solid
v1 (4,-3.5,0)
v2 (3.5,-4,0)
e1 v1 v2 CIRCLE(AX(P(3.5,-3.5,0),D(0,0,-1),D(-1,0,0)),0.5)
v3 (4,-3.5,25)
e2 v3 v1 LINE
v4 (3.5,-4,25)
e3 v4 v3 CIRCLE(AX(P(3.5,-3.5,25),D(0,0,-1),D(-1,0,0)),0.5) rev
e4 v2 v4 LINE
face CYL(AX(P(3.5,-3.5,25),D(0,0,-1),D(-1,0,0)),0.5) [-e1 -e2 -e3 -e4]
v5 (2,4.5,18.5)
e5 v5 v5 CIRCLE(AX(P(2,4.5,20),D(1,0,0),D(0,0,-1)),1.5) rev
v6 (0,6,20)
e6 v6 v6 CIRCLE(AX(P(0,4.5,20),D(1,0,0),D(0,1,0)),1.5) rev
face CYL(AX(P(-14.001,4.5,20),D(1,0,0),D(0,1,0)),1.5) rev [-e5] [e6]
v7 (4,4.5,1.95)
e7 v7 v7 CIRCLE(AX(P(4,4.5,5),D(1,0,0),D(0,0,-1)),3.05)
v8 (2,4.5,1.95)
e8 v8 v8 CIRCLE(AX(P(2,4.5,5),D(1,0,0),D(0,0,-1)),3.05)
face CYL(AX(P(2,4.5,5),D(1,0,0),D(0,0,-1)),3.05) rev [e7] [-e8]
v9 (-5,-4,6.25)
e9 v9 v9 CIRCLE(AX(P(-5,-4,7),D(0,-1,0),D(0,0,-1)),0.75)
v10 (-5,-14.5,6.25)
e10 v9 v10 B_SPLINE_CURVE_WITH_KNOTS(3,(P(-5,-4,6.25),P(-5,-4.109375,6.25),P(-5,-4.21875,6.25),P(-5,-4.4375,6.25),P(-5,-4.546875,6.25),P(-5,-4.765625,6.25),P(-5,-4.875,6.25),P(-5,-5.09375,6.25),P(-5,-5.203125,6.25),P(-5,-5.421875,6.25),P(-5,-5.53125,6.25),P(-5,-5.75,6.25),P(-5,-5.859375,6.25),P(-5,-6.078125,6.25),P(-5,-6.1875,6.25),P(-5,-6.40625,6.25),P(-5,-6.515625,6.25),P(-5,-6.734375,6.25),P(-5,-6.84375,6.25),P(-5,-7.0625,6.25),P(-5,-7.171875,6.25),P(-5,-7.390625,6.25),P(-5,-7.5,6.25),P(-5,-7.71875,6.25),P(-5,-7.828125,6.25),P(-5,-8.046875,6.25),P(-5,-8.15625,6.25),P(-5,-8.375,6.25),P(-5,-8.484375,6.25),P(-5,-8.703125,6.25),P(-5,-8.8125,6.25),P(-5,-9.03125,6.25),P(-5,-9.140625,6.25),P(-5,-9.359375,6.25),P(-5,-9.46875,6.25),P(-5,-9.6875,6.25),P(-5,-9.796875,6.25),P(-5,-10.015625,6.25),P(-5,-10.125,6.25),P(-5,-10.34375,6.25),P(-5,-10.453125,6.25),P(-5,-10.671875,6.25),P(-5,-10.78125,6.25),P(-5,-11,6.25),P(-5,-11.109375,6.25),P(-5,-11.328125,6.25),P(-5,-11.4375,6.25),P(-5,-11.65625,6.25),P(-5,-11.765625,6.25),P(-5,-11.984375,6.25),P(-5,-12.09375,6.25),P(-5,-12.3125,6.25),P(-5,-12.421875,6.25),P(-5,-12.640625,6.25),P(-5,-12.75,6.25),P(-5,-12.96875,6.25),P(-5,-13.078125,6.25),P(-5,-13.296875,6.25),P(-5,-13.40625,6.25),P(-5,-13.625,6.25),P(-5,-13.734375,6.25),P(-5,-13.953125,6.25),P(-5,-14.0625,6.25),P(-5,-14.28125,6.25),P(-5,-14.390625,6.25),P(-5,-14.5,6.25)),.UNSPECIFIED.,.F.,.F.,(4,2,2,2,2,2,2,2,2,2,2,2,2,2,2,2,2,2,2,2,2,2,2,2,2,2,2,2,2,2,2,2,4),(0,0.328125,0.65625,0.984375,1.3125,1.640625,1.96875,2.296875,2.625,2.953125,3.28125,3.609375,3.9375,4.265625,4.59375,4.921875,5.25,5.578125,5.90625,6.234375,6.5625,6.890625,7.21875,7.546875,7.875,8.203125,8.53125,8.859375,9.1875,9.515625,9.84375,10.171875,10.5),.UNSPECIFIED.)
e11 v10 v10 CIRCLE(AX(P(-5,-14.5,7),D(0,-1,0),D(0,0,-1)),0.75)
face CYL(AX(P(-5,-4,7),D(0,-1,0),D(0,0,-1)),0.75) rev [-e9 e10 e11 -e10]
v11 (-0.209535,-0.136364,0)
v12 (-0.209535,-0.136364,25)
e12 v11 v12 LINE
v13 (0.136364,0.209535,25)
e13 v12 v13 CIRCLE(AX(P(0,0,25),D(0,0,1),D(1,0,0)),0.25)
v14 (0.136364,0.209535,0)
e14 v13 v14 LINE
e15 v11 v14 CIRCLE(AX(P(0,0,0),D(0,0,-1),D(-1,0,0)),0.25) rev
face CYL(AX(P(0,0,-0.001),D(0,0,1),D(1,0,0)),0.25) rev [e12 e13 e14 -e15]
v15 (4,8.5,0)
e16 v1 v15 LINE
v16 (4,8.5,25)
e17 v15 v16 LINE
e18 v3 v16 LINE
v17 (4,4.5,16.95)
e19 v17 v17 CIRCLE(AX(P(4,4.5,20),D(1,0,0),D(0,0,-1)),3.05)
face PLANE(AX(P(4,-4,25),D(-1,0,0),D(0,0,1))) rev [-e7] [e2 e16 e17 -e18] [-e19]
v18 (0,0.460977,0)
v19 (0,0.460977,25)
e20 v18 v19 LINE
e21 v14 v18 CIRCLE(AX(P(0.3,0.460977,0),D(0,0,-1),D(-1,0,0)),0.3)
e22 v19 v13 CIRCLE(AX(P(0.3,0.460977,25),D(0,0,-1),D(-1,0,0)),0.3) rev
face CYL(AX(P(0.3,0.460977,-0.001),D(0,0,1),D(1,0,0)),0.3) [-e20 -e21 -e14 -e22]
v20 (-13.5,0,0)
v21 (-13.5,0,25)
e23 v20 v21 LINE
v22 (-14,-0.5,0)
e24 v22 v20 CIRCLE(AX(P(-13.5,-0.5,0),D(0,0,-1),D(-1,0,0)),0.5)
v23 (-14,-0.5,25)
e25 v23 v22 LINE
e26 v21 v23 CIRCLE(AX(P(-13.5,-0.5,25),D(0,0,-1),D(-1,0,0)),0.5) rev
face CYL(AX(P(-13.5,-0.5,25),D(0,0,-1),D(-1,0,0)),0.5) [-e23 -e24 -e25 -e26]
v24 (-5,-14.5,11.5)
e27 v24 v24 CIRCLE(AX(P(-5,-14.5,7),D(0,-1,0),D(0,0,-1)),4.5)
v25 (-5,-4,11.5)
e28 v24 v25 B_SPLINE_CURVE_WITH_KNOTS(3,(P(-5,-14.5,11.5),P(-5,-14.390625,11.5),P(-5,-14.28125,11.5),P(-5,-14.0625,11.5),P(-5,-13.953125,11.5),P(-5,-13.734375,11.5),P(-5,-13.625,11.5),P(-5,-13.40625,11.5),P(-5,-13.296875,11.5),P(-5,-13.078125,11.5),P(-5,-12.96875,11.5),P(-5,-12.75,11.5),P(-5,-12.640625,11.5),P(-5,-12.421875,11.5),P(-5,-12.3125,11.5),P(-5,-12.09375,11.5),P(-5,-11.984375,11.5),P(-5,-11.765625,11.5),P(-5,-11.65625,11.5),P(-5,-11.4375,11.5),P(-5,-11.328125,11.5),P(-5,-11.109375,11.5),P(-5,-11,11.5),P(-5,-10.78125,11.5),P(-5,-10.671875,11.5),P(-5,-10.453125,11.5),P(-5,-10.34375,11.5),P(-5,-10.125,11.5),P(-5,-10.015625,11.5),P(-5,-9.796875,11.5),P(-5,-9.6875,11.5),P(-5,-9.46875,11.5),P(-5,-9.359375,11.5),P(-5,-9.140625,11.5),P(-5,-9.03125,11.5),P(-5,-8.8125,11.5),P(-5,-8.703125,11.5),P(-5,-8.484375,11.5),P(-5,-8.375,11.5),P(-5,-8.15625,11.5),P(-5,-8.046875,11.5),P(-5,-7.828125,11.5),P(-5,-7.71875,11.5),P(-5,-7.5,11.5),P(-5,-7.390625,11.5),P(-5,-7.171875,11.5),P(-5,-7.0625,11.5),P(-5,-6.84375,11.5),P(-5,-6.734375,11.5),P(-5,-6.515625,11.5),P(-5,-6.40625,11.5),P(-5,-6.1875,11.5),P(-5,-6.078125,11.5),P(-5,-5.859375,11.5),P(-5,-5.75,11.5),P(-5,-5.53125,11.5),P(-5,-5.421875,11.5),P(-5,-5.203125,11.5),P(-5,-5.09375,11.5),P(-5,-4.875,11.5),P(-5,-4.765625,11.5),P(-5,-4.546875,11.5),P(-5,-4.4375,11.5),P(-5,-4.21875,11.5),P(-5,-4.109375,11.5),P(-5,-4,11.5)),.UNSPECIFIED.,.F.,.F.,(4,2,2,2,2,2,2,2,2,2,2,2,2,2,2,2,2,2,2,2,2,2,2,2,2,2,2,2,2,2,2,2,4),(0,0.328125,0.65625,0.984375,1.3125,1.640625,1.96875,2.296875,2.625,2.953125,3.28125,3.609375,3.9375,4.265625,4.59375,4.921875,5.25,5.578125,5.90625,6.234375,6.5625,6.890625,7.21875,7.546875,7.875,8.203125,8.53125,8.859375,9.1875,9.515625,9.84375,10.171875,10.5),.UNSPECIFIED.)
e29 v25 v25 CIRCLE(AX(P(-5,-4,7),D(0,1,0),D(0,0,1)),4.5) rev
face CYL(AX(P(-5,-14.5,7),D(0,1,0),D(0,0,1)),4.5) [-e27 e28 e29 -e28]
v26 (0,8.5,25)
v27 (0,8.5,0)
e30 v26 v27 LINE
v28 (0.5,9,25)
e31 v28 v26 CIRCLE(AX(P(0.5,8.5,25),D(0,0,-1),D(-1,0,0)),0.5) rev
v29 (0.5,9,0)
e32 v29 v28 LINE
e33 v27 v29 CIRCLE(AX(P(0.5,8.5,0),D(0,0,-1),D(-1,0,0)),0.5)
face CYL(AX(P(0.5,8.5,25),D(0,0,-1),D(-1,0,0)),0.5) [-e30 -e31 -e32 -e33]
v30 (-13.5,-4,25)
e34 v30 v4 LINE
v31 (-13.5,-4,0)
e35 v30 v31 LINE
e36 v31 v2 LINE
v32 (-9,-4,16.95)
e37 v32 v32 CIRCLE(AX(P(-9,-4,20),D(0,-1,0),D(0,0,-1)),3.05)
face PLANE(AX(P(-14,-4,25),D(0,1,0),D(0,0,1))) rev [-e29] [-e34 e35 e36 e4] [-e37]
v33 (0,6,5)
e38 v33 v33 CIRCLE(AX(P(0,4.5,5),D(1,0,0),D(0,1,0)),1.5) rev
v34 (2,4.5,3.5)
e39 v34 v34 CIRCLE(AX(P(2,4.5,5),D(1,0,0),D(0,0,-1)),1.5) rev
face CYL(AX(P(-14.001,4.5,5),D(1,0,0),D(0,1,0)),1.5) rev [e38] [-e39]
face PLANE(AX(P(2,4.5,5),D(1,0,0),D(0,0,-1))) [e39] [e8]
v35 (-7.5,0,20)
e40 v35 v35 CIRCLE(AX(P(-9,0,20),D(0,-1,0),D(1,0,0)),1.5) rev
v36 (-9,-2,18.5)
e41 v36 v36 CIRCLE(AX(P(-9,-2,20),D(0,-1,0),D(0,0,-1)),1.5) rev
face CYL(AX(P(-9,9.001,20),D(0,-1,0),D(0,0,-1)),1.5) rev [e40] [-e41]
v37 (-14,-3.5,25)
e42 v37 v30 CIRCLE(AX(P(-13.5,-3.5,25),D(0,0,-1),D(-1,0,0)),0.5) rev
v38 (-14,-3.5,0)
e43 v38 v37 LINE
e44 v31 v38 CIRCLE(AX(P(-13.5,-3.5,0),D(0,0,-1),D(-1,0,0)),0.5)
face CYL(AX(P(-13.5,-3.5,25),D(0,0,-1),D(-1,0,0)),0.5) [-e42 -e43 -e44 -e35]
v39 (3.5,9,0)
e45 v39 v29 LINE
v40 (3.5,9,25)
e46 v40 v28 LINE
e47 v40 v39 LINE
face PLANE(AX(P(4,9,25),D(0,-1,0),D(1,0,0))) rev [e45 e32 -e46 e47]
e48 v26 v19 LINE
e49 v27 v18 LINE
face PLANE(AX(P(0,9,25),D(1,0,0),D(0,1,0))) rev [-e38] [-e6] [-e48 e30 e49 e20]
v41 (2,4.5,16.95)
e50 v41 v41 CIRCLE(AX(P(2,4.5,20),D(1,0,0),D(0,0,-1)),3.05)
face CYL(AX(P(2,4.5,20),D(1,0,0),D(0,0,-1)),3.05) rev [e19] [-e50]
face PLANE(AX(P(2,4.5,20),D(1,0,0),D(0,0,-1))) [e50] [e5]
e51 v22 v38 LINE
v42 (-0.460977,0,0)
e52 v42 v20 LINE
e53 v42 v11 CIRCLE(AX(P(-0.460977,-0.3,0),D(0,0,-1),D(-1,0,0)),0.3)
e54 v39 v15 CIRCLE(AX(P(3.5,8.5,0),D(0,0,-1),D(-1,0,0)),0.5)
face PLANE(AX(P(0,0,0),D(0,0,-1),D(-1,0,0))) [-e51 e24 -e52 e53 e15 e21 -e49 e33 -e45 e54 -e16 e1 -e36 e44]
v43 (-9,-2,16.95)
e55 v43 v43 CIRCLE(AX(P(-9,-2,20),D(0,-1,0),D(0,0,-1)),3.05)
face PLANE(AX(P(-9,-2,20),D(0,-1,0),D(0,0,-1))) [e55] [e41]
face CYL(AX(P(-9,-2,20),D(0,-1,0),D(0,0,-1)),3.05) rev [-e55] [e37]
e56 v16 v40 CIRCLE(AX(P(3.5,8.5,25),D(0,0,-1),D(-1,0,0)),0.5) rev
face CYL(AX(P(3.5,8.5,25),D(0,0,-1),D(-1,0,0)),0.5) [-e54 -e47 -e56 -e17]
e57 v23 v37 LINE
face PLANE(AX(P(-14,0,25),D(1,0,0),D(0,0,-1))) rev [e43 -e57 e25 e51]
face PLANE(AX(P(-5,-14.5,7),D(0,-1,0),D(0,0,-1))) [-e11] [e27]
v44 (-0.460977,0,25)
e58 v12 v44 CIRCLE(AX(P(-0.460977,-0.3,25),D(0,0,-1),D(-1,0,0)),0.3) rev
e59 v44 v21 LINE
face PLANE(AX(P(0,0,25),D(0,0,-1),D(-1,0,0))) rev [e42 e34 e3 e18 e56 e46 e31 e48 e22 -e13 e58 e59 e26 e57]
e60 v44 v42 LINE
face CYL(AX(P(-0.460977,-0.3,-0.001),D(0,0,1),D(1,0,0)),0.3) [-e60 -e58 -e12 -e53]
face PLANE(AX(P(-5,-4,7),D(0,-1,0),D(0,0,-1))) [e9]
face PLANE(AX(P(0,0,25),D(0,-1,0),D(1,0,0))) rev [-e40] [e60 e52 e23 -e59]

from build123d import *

# Parameters (mm, degrees)
BOSS_EXTRUDE1_DEPTH = 25
CUT_EXTRUDE1_REACH  = 33.464
SKETCH2_R           = 1.5
CUT_EXTRUDE2_REACH  = 34.094
SKETCH3_R           = 1.5
CUT_EXTRUDE3_REACH  = 32.033
SKETCH5_R           = 0.25
FILLET1_R           = 0.3
SKETCH6_R           = 3.05
CUT_EXTRUDE4_DEPTH  = 2
SKETCH7_R           = 3.05
CUT_EXTRUDE5_DEPTH  = 2
SKETCH9_R           = 4.5
BOSS_EXTRUDE2_DEPTH = 10.5
SKETCH10_R          = 0.75
CUT_EXTRUDE6_DEPTH  = 10.5
FILLET2_R           = 0.5


with BuildPart() as part:
    # Sketch1 → Boss-Extrude1 (new body)
    with BuildSketch(Plane.XY):
        Polygon((0, 0), (-14, 0), (-14, -4), (4, -4), (4, 9), (0, 9), align=None)
    extrude(amount=BOSS_EXTRUDE1_DEPTH)

    # Sketch2 → Cut-Extrude1 (cut, up to next)
    with BuildSketch(Plane.XZ.offset(4), mode=Mode.PRIVATE) as cut_extrude1_sk1:
        with Locations(Location((-9, 20, 0), (0, 0, 270))):
            Circle(SKETCH2_R)
    cut_extrude1_tool1 = extrude(cut_extrude1_sk1.sketch, amount=-CUT_EXTRUDE1_REACH, mode=Mode.PRIVATE) & part.part
    add(cut_extrude1_tool1.solids().sort_by_distance((-9, -4, 20))[0], mode=Mode.SUBTRACT)

    # Sketch3 → Cut-Extrude2 (cut, up to next)
    with BuildSketch(Plane(origin=(4, 0, 0), x_dir=(0, 0, -1), z_dir=(1, 0, 0)), mode=Mode.PRIVATE) as cut_extrude2_sk1:
        with Locations(Location((-5, 4.5, 0), (0, 0, 90))):
            Circle(SKETCH3_R)
    cut_extrude2_tool1 = extrude(cut_extrude2_sk1.sketch, amount=-CUT_EXTRUDE2_REACH, mode=Mode.PRIVATE) & part.part
    # Sketch3 → Cut-Extrude2 (cut, up to next)
    with BuildSketch(Plane(origin=(4, 0, 0), x_dir=(0, 0, -1), z_dir=(1, 0, 0)), mode=Mode.PRIVATE) as cut_extrude2_sk2:
        with Locations(Location((-20, 4.5, 0), (0, 0, 90))):
            Circle(SKETCH3_R)
    cut_extrude2_tool2 = extrude(cut_extrude2_sk2.sketch, amount=-CUT_EXTRUDE2_REACH, mode=Mode.PRIVATE) & part.part
    add(cut_extrude2_tool1.solids().sort_by_distance((4, 4.5, 5))[0], mode=Mode.SUBTRACT)
    add(cut_extrude2_tool2.solids().sort_by_distance((4, 4.5, 20))[0], mode=Mode.SUBTRACT)

    # Sketch5 → Cut-Extrude3 (cut, up to next)
    with BuildSketch(Plane.XY.offset(25), mode=Mode.PRIVATE) as cut_extrude3_sk1:
        Circle(SKETCH5_R)
    cut_extrude3_tool1 = extrude(cut_extrude3_sk1.sketch, amount=-CUT_EXTRUDE3_REACH, mode=Mode.PRIVATE) & part.part
    add(cut_extrude3_tool1.solids().sort_by_distance((0, 0, 25))[0], mode=Mode.SUBTRACT)

    # Fillet1
    fillet1_edges = [part.edges().sort_by_distance(p)[0] for p in [
        (0, 0.25, 12.5),
        (-0.25, 0, 12.5),
    ]]
    fillet(fillet1_edges, radius=FILLET1_R)

    # Sketch6 → Cut-Extrude4 (cut)
    with BuildSketch(Plane(origin=(4, 0, 0), x_dir=(0, 0, -1), z_dir=(1, 0, 0))):
        with Locations((-20, 4.5)):
            Circle(SKETCH6_R)
        with Locations((-5, 4.5)):
            Circle(SKETCH6_R)
    extrude(amount=-CUT_EXTRUDE4_DEPTH, mode=Mode.SUBTRACT)

    # Sketch7 → Cut-Extrude5 (cut)
    with BuildSketch(Plane.XZ.offset(4)):
        with Locations(Location((-9, 20, 0), (0, 0, 270))):
            Circle(SKETCH7_R)
    extrude(amount=-CUT_EXTRUDE5_DEPTH, mode=Mode.SUBTRACT)

    # Sketch9 → Boss-Extrude2 (add)
    with BuildSketch(Plane.XZ.offset(4)):
        with Locations(Location((-5, 7, 0), (0, 0, 90))):
            Circle(SKETCH9_R)
    extrude(amount=BOSS_EXTRUDE2_DEPTH)

    # Sketch10 → Cut-Extrude6 (cut)
    with BuildSketch(Plane.XZ.offset(14.5)):
        with Locations(Location((-5, 7, 0), (0, 0, 270))):
            Circle(SKETCH10_R)
    extrude(amount=-CUT_EXTRUDE6_DEPTH, mode=Mode.SUBTRACT)

    # Fillet2
    fillet2_edges = [part.edges().sort_by_distance(p)[0] for p in [
        (0, 9, 12.5),
        (4, 9, 12.5),
        (4, -4, 12.5),
        (-14, -4, 12.5),
        (-14, 0, 12.5),
    ]]
    fillet(fillet2_edges, radius=FILLET2_R)


solid = part.part
